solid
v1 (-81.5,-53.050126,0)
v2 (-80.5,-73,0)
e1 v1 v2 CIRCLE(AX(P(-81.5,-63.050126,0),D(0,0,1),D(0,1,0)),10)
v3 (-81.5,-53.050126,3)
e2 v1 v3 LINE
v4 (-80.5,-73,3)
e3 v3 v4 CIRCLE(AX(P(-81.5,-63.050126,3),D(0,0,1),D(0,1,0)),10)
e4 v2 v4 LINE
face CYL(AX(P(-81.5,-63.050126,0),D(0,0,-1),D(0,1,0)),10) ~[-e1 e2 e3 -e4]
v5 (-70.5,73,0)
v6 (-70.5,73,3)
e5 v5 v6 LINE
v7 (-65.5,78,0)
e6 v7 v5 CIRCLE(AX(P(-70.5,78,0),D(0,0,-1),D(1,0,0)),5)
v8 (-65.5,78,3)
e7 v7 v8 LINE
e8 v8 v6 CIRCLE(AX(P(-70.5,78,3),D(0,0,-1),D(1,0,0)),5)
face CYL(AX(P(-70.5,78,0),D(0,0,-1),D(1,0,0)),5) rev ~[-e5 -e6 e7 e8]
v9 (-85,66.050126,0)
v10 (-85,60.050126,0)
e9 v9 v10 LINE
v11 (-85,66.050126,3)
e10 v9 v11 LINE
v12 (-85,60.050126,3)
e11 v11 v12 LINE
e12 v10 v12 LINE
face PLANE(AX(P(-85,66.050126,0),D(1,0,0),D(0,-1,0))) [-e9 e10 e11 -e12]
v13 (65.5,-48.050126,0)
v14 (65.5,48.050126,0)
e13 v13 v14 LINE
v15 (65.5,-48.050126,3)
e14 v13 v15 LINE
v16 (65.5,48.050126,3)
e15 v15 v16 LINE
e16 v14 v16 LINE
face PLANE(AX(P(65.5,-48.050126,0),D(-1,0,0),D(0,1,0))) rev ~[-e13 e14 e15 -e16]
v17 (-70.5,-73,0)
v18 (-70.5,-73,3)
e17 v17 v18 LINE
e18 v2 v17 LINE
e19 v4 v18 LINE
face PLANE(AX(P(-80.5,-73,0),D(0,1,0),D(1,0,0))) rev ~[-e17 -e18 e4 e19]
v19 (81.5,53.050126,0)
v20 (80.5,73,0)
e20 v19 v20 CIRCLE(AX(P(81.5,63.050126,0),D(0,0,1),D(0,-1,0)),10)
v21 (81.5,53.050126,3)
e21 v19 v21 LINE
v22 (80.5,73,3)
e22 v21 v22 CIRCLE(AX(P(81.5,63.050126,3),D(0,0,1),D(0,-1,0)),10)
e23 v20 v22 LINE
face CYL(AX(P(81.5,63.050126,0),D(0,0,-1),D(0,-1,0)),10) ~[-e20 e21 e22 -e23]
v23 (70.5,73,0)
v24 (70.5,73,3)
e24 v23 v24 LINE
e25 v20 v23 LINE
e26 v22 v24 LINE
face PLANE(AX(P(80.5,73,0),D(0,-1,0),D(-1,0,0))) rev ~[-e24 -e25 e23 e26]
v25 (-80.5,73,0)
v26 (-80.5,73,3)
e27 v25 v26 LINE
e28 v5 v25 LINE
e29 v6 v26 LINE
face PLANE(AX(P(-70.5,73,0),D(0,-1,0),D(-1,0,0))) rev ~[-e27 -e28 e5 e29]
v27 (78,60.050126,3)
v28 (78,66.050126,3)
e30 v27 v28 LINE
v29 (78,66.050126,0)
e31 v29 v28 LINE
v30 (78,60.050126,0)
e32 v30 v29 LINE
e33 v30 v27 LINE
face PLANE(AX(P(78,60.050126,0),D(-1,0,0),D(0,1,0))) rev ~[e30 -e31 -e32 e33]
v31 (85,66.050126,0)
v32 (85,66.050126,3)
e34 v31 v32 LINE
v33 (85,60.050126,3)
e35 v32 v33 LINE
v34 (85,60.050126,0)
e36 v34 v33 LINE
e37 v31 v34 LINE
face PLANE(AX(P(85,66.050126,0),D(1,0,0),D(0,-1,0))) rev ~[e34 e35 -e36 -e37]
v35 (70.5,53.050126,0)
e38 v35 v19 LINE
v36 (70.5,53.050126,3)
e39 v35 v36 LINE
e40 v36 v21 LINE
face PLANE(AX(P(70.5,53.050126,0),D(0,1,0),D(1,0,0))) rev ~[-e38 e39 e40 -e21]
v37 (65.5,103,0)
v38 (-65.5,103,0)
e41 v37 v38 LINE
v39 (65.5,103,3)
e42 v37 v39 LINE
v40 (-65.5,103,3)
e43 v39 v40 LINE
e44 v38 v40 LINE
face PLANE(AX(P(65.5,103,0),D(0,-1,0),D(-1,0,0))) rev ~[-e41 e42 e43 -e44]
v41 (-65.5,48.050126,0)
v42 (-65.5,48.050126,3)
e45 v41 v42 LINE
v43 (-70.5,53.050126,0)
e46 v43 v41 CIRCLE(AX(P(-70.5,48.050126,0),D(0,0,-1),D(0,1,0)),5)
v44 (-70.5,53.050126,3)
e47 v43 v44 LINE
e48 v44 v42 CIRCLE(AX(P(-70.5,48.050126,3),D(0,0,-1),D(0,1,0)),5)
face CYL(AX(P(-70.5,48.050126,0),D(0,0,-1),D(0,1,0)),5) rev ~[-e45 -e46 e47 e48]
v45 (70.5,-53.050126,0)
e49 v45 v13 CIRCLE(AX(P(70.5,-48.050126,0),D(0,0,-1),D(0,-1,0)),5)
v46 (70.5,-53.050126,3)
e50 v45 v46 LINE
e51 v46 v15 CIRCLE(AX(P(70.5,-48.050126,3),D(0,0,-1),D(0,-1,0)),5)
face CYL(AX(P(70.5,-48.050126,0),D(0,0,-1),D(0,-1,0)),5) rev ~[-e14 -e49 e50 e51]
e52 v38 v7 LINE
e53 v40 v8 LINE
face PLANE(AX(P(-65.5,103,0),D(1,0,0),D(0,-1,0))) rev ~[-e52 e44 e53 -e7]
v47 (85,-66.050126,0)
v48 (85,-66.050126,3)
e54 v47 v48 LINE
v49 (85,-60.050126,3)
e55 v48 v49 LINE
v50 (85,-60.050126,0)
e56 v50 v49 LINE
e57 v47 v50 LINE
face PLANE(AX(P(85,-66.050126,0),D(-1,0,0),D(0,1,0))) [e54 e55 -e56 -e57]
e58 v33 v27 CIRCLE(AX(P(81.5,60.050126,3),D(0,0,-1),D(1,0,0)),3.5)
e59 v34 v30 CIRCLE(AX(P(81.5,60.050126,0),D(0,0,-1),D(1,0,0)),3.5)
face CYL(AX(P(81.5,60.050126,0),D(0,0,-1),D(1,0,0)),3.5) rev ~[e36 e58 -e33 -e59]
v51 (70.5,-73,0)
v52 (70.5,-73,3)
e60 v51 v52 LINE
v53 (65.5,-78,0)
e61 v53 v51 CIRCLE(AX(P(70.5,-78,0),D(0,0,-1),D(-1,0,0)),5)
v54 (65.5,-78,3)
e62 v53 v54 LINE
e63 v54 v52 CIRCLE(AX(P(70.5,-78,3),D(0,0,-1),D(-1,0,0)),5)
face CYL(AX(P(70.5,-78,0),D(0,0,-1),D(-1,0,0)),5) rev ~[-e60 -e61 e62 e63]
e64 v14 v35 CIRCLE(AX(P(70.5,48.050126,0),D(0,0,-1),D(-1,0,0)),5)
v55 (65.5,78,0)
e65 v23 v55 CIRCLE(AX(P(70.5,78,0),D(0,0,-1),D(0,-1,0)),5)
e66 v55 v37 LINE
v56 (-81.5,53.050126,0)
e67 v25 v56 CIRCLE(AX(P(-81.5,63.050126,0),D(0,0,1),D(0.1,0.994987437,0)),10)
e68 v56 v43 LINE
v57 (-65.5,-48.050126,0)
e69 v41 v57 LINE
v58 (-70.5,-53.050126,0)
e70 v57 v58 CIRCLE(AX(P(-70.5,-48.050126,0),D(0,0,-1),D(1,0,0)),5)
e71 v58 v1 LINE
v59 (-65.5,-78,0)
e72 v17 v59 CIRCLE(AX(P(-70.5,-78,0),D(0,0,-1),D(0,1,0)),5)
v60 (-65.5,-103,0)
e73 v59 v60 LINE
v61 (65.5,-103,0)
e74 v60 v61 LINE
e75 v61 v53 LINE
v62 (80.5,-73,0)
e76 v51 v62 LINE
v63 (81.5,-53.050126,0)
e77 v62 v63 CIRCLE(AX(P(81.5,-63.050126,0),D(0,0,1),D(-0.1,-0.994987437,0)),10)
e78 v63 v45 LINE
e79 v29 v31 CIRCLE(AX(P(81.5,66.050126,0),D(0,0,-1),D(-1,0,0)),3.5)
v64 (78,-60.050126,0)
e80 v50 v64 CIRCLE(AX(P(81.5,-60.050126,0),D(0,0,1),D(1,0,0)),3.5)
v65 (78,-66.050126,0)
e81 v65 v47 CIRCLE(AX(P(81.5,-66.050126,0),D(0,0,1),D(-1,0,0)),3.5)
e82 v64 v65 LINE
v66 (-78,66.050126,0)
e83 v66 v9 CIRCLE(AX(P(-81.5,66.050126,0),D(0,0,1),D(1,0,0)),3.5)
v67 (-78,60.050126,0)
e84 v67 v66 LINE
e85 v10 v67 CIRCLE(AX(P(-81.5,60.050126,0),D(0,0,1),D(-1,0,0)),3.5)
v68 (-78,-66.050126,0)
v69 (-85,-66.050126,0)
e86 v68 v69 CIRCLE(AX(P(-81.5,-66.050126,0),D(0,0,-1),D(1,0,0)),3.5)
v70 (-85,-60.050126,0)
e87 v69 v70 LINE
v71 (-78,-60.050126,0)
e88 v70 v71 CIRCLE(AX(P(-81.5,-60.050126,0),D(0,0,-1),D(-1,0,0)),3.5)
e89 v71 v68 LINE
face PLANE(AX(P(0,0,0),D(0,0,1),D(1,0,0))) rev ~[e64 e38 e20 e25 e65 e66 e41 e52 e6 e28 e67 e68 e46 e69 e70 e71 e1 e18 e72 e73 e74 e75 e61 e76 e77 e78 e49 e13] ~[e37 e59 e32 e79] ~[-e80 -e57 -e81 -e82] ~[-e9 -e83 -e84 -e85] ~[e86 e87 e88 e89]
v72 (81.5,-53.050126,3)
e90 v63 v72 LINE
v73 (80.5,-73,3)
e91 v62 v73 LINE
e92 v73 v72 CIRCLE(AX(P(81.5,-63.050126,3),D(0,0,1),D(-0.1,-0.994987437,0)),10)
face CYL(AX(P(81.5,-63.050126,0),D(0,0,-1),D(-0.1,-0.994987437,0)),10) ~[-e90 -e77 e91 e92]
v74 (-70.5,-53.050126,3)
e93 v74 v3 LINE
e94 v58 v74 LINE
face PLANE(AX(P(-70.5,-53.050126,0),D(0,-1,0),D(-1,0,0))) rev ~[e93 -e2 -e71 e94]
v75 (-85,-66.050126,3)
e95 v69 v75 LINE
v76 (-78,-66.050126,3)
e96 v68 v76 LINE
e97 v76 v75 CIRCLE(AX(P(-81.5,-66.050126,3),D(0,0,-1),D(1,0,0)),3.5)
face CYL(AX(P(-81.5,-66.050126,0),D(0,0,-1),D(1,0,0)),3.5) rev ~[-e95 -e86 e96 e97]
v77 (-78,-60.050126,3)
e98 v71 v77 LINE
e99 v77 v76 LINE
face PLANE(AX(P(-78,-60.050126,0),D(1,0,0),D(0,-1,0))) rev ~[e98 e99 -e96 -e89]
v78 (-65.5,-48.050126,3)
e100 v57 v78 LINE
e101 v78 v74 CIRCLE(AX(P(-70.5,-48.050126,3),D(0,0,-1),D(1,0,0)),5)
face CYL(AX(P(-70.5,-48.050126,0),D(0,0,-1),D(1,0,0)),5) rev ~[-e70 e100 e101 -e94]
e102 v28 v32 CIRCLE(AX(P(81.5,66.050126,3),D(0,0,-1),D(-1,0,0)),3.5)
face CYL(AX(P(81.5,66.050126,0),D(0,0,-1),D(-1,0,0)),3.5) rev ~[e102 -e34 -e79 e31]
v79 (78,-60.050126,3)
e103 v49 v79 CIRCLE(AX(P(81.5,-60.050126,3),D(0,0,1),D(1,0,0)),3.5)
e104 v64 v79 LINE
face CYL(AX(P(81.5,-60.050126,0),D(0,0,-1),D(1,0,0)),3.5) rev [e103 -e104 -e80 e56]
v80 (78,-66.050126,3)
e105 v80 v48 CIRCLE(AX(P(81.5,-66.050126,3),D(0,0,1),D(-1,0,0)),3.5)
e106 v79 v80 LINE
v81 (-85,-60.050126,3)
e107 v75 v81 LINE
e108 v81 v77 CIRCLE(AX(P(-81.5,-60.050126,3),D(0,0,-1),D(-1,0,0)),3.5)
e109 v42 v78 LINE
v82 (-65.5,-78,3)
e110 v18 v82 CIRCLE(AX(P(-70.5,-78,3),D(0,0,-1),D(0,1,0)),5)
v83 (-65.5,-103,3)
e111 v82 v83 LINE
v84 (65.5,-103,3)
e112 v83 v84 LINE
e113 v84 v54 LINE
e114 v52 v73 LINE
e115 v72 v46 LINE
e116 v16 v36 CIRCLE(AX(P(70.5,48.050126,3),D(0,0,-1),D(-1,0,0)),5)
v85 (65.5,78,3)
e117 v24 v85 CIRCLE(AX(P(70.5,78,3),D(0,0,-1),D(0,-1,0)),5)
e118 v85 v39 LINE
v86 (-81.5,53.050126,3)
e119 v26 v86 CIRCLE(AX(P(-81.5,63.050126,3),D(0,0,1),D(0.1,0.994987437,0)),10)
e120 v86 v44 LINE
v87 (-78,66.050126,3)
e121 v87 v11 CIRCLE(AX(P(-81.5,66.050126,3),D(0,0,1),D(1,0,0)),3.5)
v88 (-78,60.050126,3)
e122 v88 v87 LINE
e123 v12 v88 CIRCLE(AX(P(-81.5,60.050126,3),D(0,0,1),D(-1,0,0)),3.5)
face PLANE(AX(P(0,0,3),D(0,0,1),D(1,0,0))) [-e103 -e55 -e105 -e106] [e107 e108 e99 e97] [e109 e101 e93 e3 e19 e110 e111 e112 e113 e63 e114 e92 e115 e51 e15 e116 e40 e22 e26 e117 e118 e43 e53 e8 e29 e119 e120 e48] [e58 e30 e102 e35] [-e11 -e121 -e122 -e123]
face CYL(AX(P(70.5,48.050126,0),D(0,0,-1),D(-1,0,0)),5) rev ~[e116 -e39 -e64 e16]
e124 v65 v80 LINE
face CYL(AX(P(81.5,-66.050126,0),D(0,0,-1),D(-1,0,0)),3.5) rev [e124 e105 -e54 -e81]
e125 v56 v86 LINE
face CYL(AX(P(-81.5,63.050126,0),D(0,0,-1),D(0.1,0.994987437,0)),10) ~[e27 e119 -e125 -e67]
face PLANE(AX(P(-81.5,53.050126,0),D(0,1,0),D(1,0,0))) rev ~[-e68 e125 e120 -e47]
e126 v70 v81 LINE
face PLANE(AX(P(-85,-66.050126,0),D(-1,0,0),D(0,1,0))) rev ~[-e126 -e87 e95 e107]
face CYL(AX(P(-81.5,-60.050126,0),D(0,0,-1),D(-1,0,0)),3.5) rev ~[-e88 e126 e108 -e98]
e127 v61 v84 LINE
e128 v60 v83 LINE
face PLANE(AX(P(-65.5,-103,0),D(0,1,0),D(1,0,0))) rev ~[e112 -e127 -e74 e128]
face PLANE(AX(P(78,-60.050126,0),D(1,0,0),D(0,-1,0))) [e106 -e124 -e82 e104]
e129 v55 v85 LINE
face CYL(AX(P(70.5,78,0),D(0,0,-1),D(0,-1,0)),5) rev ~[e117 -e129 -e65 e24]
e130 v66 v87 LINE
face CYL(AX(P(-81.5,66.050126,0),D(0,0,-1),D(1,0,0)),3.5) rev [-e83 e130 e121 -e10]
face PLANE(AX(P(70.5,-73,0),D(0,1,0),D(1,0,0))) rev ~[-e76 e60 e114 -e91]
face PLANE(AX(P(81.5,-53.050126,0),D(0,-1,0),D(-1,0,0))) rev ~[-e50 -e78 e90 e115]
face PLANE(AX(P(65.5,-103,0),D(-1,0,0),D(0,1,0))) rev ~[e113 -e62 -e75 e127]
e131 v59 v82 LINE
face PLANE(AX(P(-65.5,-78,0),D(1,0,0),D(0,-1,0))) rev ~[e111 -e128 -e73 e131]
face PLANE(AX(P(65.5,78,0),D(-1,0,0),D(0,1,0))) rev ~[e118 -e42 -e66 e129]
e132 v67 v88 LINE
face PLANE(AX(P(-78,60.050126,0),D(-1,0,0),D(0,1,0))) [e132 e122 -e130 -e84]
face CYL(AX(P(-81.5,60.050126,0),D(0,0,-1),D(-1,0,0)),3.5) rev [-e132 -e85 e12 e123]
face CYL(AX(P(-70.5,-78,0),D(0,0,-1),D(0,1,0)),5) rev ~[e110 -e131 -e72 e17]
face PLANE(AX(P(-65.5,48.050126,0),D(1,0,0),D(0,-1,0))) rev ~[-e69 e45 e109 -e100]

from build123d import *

# Parameters (mm, degrees)
BOSS_EXTRUDE1_DEPTH = 3


with BuildPart() as part:
    # Sketch2 → Boss-Extrude1 (new body)
    with BuildSketch(Plane.XY):
        with BuildLine():
            Line((-65.5, -103), (65.5, -103))
            Line((65.5, -103), (65.5, -78))
            ThreePointArc((65.5, -78), (66.964466094, -74.464466094), (70.5, -73))
            Line((70.5, -73), (80.5, -73))
            ThreePointArc((80.5, -73), (91.487460731, -63.55075338), (81.5, -53.050125629))
            Line((81.5, -53.050125629), (70.5, -53.050125629))
            ThreePointArc((70.5, -53.050125629), (66.964466094, -51.585659535), (65.5, -48.050125629))
            Line((65.5, -48.050125629), (65.5, 48.050125629))
            ThreePointArc((65.5, 48.050125629), (66.964466094, 51.585659535), (70.5, 53.050125629))
            Line((70.5, 53.050125629), (81.5, 53.050125629))
            ThreePointArc((81.5, 53.050125629), (91.487460731, 63.55075338), (80.5, 73))
            Line((80.5, 73), (70.5, 73))
            ThreePointArc((70.5, 73), (66.964466094, 74.464466094), (65.5, 78))
            Line((65.5, 78), (65.5, 103))
            Line((65.5, 103), (-65.5, 103))
            Line((-65.5, 103), (-65.5, 78))
            ThreePointArc((-65.5, 78), (-66.964466094, 74.464466094), (-70.5, 73))
            Line((-70.5, 73), (-80.5, 73))
            ThreePointArc((-80.5, 73), (-91.487460731, 63.55075338), (-81.5, 53.050125629))
            Line((-81.5, 53.050125629), (-70.5, 53.050125629))
            ThreePointArc((-70.5, 53.050125629), (-66.964466094, 51.585659535), (-65.5, 48.050125629))
            Line((-65.5, 48.050125629), (-65.5, -48.050125629))
            ThreePointArc((-65.5, -48.050125629), (-66.964466094, -51.585659535), (-70.5, -53.050125629))
            Line((-70.5, -53.050125629), (-81.5, -53.050125629))
            ThreePointArc((-81.5, -53.050125629), (-91.487460731, -63.55075338), (-80.5, -73))
            Line((-80.5, -73), (-70.5, -73))
            ThreePointArc((-70.5, -73), (-66.964466094, -74.464466094), (-65.5, -78))
            Line((-65.5, -78), (-65.5, -103))
        make_face()
        with BuildLine():
            Line((78, 60.050125629), (78, 66.050125629))
            ThreePointArc((78, 66.050125629), (81.5, 69.550125629), (85, 66.050125629))
            Line((85, 66.050125629), (85, 60.050125629))
            ThreePointArc((85, 60.050125629), (81.5, 56.550125629), (78, 60.050125629))
        make_face(mode=Mode.SUBTRACT)
        with BuildLine():
            Line((-78, 60.050125629), (-78, 66.050125629))
            ThreePointArc((-78, 66.050125629), (-81.5, 69.550125629), (-85, 66.050125629))
            Line((-85, 66.050125629), (-85, 60.050125629))
            ThreePointArc((-85, 60.050125629), (-81.5, 56.550125629), (-78, 60.050125629))
        make_face(mode=Mode.SUBTRACT)
        with BuildLine():
            Line((-78, -60.050125629), (-78, -66.050125629))
            ThreePointArc((-78, -66.050125629), (-81.5, -69.550125629), (-85, -66.050125629))
            Line((-85, -66.050125629), (-85, -60.050125629))
            ThreePointArc((-85, -60.050125629), (-81.5, -56.550125629), (-78, -60.050125629))
        make_face(mode=Mode.SUBTRACT)
        with BuildLine():
            Line((78, -60.050125629), (78, -66.050125629))
            ThreePointArc((78, -66.050125629), (81.5, -69.550125629), (85, -66.050125629))
            Line((85, -66.050125629), (85, -60.050125629))
            ThreePointArc((85, -60.050125629), (81.5, -56.550125629), (78, -60.050125629))
        make_face(mode=Mode.SUBTRACT)
    extrude(amount=BOSS_EXTRUDE1_DEPTH)


solid = part.part
